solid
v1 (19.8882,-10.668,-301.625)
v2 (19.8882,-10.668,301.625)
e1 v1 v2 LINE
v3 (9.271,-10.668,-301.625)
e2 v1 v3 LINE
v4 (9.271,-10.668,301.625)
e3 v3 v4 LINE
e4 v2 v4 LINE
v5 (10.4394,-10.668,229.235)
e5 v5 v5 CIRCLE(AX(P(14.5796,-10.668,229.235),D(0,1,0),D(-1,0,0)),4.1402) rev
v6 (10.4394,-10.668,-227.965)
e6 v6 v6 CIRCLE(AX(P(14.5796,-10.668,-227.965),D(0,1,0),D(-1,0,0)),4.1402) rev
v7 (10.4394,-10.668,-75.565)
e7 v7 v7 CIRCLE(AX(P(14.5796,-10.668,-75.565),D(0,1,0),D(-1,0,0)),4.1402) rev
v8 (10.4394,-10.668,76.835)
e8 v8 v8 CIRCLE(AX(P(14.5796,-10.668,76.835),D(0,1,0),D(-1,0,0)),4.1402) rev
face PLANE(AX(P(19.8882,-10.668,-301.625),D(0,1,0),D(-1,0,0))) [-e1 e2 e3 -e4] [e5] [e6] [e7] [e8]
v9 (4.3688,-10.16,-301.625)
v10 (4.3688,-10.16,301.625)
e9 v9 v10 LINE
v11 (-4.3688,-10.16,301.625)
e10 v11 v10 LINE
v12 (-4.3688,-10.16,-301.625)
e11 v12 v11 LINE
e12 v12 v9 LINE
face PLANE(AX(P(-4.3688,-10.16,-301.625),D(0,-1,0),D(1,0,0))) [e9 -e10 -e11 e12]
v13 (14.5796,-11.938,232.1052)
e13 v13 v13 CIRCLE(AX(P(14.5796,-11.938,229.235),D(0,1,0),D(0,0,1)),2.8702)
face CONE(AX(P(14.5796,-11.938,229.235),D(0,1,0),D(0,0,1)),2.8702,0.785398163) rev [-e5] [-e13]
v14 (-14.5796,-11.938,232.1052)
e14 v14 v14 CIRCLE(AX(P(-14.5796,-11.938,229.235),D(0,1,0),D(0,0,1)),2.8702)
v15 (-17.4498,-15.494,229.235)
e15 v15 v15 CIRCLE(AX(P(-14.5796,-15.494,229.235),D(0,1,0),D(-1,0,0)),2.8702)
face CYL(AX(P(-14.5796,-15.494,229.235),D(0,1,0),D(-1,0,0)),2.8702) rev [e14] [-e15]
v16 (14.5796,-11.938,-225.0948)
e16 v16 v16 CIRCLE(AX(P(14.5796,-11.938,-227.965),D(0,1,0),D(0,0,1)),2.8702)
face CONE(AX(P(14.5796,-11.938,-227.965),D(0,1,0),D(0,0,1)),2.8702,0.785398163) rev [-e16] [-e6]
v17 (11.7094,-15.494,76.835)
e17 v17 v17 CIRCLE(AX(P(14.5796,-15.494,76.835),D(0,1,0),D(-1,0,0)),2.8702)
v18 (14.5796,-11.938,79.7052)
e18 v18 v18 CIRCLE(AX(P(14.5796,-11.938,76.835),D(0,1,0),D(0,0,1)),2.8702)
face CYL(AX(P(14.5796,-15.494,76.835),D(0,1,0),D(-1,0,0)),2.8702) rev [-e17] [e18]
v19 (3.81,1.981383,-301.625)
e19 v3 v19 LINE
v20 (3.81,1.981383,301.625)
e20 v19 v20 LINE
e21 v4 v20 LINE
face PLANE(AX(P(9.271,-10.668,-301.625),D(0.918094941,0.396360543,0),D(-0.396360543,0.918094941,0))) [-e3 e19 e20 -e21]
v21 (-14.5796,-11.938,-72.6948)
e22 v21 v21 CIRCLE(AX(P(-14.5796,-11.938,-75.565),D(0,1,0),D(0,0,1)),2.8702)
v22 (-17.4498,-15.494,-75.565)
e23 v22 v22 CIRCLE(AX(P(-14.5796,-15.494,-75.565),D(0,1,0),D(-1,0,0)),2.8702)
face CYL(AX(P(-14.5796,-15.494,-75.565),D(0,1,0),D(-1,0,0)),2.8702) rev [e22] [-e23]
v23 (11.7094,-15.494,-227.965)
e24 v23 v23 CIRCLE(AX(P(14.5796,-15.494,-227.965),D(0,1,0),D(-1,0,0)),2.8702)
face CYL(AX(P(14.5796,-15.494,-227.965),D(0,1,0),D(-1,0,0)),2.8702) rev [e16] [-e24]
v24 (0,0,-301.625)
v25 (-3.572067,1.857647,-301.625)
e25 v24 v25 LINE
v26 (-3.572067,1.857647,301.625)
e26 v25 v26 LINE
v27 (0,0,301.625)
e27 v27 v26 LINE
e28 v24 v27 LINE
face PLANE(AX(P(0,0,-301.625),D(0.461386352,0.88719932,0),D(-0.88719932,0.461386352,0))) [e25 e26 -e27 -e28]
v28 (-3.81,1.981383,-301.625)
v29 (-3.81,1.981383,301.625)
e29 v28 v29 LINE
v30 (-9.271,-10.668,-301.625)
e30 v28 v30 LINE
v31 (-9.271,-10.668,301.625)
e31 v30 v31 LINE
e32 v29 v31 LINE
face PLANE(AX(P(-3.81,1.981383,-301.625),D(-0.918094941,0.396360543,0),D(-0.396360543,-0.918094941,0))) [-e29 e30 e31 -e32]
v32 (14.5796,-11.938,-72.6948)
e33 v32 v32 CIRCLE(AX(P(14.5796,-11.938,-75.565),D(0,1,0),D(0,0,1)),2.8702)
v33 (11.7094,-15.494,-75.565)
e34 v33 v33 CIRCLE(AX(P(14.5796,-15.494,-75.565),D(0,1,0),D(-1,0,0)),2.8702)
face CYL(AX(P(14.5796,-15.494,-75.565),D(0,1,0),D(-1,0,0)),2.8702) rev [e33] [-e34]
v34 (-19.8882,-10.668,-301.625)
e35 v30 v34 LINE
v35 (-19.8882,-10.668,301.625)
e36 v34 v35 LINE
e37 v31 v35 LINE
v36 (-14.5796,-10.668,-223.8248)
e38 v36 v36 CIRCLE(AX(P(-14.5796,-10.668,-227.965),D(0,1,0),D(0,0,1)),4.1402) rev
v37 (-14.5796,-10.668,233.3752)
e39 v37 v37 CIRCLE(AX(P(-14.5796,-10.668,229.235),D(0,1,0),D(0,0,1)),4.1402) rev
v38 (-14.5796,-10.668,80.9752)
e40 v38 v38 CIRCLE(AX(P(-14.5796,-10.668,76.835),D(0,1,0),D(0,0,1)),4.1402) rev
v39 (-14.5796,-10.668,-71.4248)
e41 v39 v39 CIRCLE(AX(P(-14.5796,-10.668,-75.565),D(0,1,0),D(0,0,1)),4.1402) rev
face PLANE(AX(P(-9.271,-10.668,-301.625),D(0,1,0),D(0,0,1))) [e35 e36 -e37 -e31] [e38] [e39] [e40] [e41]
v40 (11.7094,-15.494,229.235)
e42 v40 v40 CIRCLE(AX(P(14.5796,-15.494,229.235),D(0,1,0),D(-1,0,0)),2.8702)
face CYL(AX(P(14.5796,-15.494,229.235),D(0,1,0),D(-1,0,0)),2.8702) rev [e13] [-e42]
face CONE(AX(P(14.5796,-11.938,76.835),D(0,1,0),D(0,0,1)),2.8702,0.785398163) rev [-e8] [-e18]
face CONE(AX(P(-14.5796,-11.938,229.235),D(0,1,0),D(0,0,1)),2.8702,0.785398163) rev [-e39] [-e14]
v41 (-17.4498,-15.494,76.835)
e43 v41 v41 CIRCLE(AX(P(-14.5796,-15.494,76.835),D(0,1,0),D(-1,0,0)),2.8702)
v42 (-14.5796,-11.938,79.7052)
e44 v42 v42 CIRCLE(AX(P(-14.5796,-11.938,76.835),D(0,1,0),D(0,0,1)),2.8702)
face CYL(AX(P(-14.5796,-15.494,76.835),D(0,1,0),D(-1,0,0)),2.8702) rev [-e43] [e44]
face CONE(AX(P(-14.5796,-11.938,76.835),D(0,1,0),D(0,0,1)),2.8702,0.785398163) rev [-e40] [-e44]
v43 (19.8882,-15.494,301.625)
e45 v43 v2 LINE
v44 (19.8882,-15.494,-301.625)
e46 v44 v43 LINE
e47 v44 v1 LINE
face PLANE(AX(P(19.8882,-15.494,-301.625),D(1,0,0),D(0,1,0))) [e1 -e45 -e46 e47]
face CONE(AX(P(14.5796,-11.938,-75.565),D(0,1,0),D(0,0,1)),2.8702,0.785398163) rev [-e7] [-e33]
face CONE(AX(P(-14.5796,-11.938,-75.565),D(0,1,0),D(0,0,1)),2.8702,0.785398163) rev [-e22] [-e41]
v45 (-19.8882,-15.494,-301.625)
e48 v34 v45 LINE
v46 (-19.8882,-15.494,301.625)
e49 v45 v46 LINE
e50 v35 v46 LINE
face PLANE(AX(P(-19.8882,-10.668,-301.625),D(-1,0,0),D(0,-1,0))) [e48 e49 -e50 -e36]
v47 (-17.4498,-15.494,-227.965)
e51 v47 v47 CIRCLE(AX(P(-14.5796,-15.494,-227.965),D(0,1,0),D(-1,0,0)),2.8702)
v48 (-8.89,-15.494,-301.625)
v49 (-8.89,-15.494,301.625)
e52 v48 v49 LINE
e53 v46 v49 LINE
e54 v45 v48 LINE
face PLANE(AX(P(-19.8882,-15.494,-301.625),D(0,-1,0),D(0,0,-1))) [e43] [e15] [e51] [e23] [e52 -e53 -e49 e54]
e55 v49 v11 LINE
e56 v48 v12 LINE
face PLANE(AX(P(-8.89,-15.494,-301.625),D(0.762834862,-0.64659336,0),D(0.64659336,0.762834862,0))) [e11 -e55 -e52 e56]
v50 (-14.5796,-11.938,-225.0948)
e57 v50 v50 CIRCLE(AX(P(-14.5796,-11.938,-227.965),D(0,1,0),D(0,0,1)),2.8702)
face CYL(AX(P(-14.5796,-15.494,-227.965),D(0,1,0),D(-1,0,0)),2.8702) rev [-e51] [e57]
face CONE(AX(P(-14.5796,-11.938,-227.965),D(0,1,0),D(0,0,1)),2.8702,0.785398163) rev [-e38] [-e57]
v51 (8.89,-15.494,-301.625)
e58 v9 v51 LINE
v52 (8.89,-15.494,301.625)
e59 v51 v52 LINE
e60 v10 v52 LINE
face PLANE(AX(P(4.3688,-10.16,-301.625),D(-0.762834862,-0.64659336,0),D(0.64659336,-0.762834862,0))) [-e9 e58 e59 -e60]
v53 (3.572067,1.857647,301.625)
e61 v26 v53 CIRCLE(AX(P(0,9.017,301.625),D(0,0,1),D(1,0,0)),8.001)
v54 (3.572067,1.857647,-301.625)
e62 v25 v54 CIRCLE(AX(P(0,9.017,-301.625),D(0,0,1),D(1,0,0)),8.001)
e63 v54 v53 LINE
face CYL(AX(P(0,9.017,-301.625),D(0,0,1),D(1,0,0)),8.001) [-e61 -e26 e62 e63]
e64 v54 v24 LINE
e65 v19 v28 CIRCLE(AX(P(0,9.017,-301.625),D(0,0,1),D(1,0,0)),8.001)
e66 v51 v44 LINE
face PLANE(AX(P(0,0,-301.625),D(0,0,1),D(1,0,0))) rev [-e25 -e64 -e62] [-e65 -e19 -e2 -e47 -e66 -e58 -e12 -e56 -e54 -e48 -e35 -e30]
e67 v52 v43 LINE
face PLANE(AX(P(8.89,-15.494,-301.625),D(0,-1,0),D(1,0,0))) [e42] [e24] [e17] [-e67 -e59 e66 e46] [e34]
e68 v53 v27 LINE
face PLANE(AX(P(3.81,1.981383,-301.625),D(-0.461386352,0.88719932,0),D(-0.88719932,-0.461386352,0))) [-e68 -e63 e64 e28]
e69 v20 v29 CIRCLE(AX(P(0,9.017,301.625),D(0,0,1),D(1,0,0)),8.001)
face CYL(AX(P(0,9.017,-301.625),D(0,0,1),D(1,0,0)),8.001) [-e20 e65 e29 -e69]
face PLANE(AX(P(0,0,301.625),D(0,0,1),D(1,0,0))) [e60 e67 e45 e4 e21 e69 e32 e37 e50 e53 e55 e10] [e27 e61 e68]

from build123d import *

# Parameters (mm, degrees)
SKETCH1_R           = 8.001
BOSS_EXTRUDE1_DEPTH = 301.625
SKETCH5_R           = 2.8702
CUT_EXTRUDE1_DEPTH  = 5.826
CHAMFER1_SIZE       = 1.27


with BuildPart() as part:
    # Sketch1 → Boss-Extrude1 (new body, symmetric)
    with BuildSketch(Plane.XY):
        with Locations((0, 9.017)):
            Circle(SKETCH1_R)
        Polygon((-19.8882, -15.494), (-8.89, -15.494), (-4.3688, -10.16), (4.3688, -10.16), (8.89, -15.494), (19.8882, -15.494), (19.8882, -10.668), (9.271, -10.668), (3.81, 1.981383396), (0, 0), (-3.81, 1.981383396), (-9.271, -10.668), (-19.8882, -10.668), align=None)
    extrude(amount=BOSS_EXTRUDE1_DEPTH, both=True)

    # Sketch5 → Cut-Extrude1 (cut, through all)
    with BuildSketch(Plane(origin=(0, -10.668, 0), x_dir=(1, 0, 0), z_dir=(0, 1, 0))):
        with Locations((14.5796, -229.235)):
            Circle(SKETCH5_R)
        with Locations((-14.5796, -229.235)):
            Circle(SKETCH5_R)
        with Locations((-14.5796, -76.835)):
            Circle(SKETCH5_R)
        with Locations((14.5796, -76.835)):
            Circle(SKETCH5_R)
        with Locations((-14.5796, 75.565)):
            Circle(SKETCH5_R)
        with Locations((14.5796, 75.565)):
            Circle(SKETCH5_R)
        with Locations((-14.5796, 227.965)):
            Circle(SKETCH5_R)
        with Locations((14.5796, 227.965)):
            Circle(SKETCH5_R)
    extrude(amount=-CUT_EXTRUDE1_DEPTH, mode=Mode.SUBTRACT)

    # Chamfer1
    chamfer1_edges = [part.edges().sort_by_distance(p)[0] for p in [
        (11.7094, -10.668, -75.565),
        (-17.4498, -10.668, 76.835),
        (11.7094, -10.668, 76.835),
        (-17.4498, -10.668, 229.235),
        (-17.4498, -10.668, -227.965),
        (11.7094, -10.668, -227.965),
        (-17.4498, -10.668, -75.565),
        (11.7094, -10.668, 229.235),
    ]]
    chamfer(chamfer1_edges, length=CHAMFER1_SIZE)


solid = part.part
